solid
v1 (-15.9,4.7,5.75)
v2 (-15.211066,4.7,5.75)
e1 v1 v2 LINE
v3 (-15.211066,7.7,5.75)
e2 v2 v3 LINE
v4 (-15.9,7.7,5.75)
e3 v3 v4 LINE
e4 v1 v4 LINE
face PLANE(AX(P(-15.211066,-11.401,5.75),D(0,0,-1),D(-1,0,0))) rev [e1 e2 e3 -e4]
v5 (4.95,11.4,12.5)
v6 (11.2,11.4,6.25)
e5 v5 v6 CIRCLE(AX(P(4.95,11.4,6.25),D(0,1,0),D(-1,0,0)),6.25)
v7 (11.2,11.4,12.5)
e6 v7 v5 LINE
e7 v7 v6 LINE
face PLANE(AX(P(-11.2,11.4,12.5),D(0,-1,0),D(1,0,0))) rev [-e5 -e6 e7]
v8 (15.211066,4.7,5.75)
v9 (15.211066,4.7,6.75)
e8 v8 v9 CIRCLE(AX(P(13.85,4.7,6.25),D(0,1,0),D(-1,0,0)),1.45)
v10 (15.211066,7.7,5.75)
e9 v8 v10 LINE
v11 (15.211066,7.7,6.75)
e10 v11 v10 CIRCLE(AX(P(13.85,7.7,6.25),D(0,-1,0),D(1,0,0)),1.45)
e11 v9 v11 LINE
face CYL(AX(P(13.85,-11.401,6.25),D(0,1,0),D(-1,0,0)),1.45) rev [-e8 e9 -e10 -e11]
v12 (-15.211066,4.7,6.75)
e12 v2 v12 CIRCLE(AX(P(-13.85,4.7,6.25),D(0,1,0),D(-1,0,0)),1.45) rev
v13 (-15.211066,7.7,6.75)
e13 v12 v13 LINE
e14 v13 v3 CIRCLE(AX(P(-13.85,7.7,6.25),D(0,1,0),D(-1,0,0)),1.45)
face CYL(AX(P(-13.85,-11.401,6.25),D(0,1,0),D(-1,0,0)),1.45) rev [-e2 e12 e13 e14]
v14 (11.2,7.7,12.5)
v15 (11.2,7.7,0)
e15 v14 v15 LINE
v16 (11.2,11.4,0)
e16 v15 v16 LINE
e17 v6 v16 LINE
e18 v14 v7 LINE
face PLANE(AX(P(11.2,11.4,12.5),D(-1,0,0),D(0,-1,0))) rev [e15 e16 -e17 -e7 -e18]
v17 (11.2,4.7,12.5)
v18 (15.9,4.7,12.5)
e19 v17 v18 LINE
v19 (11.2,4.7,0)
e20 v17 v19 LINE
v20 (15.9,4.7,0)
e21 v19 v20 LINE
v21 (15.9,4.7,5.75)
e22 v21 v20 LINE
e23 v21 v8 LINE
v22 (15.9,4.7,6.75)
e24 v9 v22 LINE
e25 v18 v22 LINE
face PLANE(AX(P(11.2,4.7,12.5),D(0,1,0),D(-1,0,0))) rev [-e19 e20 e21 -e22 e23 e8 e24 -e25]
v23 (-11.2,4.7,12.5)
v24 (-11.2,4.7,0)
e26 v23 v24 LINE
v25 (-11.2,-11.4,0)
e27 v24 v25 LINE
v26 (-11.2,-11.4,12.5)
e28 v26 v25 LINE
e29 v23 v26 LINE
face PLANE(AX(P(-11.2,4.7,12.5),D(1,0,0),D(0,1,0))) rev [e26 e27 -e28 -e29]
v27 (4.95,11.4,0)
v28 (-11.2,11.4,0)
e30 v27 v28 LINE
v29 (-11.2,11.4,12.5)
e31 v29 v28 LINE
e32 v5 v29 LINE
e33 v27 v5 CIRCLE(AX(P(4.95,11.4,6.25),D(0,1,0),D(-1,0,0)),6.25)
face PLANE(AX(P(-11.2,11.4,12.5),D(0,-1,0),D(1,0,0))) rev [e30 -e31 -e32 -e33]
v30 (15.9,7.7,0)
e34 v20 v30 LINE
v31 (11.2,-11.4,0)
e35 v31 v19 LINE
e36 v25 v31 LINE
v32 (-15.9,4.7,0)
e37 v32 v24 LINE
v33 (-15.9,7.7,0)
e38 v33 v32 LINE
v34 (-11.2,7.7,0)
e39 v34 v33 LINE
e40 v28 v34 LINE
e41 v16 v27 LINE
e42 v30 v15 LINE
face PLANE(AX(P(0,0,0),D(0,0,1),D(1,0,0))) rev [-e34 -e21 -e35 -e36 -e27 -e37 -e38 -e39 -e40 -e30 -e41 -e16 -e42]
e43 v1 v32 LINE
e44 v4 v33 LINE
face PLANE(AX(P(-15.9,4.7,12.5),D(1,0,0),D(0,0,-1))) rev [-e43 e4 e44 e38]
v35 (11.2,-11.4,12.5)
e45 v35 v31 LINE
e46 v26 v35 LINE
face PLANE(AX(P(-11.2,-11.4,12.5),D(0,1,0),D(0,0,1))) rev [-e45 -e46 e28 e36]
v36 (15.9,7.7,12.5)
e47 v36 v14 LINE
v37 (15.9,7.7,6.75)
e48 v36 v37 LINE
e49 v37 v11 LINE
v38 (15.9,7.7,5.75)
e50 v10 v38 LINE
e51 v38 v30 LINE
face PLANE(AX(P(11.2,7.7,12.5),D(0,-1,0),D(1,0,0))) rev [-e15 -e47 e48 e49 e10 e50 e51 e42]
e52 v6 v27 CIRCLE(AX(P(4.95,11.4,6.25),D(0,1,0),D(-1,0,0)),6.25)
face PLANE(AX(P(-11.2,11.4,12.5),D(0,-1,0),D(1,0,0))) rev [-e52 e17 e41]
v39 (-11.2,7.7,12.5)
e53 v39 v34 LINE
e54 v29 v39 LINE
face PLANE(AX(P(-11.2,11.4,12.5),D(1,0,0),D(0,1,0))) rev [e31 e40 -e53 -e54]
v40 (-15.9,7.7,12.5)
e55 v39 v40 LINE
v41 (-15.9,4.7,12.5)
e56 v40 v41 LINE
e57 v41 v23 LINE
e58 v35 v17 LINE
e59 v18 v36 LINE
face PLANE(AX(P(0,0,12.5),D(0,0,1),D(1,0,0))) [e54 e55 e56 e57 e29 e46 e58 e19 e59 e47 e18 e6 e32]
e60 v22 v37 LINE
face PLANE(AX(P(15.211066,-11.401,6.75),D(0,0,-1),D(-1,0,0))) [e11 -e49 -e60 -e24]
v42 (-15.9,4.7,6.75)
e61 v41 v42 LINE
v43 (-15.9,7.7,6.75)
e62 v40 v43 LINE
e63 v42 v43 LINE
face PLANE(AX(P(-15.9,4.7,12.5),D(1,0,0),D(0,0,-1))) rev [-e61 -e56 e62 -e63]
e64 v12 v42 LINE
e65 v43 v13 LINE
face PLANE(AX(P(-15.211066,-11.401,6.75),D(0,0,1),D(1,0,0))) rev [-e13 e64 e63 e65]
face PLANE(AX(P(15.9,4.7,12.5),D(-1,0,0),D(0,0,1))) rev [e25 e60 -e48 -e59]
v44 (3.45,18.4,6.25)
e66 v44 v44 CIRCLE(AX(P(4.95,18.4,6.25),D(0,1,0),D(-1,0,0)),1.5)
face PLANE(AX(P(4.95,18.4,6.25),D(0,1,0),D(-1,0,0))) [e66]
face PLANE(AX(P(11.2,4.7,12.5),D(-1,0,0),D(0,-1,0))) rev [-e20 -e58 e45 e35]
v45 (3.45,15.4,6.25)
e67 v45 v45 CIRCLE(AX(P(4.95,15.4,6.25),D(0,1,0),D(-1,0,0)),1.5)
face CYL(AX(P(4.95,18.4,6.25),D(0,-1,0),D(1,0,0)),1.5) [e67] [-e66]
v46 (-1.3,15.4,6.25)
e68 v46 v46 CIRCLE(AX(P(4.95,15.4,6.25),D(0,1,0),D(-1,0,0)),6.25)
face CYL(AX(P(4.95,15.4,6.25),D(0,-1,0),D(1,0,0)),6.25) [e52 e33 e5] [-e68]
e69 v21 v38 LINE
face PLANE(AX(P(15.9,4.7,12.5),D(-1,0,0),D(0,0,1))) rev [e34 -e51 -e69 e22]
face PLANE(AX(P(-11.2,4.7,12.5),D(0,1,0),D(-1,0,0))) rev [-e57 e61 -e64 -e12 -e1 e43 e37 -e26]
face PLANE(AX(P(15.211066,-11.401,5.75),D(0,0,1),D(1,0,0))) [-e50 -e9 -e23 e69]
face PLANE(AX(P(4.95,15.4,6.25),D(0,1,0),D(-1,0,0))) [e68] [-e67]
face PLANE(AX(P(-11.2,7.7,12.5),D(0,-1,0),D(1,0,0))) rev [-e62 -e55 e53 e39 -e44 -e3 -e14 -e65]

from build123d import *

# Parameters (mm, degrees)
EXTRUDE_1_DEPTH     = 12.5
CUT_EXTRUDE_2_REACH = 29.819
SKETCH_6_R          = 6.25
EXTRUDE_2_DEPTH     = 4
SKETCH_7_R          = 1.5
EXTRUDE_3_DEPTH     = 3


with BuildPart() as part:
    # 草图1 → 凸台-拉伸1 (new body)
    with BuildSketch(Plane.XY):
        Polygon((-11.2, 11.4), (11.2, 11.4), (11.2, 7.7), (15.9, 7.7), (15.9, 4.7), (11.2, 4.7), (11.2, -11.4), (-11.2, -11.4), (-11.2, 4.7), (-15.9, 4.7), (-15.9, 7.7), (-11.2, 7.7), align=None)
    extrude(amount=EXTRUDE_1_DEPTH)

    # 草图5 → 切除-拉伸2 (cut, up to next)
    with BuildSketch(Plane(origin=(0, 7.7, 0), x_dir=(1, 0, 0), z_dir=(0, 1, 0)), mode=Mode.PRIVATE) as cut_extrude_2_sk1:
        with BuildLine():
            Line((-15.211065759, -6.75), (-15.9, -6.75))
            Line((-15.9, -6.75), (-15.9, -5.75))
            Line((-15.9, -5.75), (-15.211065759, -5.75))
            ThreePointArc((-15.211065759, -5.75), (-12.4, -6.25), (-15.211065759, -6.75))
        make_face()
    cut_extrude_2_tool1 = extrude(cut_extrude_2_sk1.sketch, amount=-CUT_EXTRUDE_2_REACH, mode=Mode.PRIVATE) & part.part
    cut_extrude_2 = cut_extrude_2_tool1.solids().sort_by_distance((-14.000898, 7.7, 6.25))[0]
    add(cut_extrude_2, mode=Mode.SUBTRACT)

    # 镜向2: 切除-拉伸2 across plane
    add(cut_extrude_2.mirror(Plane(origin=(0, 0, 0), x_dir=(0, 0, 1), z_dir=(1, 0, 0))), mode=Mode.SUBTRACT)

    # 草图6 → 凸台-拉伸2 (add)
    with BuildSketch(Plane(origin=(0, 11.4, 0), x_dir=(1, 0, 0), z_dir=(0, 1, 0))):
        with Locations((4.95, -6.25)):
            Circle(SKETCH_6_R)
    extrude(amount=EXTRUDE_2_DEPTH)

    # 草图7 → 凸台-拉伸3 (add)
    with BuildSketch(Plane(origin=(0, 15.4, 0), x_dir=(1, 0, 0), z_dir=(0, 1, 0))):
        with Locations(Location((4.95, -6.25, 0), (0, 0, 180))):
            Circle(SKETCH_7_R)
    extrude(amount=EXTRUDE_3_DEPTH)


solid = part.part
